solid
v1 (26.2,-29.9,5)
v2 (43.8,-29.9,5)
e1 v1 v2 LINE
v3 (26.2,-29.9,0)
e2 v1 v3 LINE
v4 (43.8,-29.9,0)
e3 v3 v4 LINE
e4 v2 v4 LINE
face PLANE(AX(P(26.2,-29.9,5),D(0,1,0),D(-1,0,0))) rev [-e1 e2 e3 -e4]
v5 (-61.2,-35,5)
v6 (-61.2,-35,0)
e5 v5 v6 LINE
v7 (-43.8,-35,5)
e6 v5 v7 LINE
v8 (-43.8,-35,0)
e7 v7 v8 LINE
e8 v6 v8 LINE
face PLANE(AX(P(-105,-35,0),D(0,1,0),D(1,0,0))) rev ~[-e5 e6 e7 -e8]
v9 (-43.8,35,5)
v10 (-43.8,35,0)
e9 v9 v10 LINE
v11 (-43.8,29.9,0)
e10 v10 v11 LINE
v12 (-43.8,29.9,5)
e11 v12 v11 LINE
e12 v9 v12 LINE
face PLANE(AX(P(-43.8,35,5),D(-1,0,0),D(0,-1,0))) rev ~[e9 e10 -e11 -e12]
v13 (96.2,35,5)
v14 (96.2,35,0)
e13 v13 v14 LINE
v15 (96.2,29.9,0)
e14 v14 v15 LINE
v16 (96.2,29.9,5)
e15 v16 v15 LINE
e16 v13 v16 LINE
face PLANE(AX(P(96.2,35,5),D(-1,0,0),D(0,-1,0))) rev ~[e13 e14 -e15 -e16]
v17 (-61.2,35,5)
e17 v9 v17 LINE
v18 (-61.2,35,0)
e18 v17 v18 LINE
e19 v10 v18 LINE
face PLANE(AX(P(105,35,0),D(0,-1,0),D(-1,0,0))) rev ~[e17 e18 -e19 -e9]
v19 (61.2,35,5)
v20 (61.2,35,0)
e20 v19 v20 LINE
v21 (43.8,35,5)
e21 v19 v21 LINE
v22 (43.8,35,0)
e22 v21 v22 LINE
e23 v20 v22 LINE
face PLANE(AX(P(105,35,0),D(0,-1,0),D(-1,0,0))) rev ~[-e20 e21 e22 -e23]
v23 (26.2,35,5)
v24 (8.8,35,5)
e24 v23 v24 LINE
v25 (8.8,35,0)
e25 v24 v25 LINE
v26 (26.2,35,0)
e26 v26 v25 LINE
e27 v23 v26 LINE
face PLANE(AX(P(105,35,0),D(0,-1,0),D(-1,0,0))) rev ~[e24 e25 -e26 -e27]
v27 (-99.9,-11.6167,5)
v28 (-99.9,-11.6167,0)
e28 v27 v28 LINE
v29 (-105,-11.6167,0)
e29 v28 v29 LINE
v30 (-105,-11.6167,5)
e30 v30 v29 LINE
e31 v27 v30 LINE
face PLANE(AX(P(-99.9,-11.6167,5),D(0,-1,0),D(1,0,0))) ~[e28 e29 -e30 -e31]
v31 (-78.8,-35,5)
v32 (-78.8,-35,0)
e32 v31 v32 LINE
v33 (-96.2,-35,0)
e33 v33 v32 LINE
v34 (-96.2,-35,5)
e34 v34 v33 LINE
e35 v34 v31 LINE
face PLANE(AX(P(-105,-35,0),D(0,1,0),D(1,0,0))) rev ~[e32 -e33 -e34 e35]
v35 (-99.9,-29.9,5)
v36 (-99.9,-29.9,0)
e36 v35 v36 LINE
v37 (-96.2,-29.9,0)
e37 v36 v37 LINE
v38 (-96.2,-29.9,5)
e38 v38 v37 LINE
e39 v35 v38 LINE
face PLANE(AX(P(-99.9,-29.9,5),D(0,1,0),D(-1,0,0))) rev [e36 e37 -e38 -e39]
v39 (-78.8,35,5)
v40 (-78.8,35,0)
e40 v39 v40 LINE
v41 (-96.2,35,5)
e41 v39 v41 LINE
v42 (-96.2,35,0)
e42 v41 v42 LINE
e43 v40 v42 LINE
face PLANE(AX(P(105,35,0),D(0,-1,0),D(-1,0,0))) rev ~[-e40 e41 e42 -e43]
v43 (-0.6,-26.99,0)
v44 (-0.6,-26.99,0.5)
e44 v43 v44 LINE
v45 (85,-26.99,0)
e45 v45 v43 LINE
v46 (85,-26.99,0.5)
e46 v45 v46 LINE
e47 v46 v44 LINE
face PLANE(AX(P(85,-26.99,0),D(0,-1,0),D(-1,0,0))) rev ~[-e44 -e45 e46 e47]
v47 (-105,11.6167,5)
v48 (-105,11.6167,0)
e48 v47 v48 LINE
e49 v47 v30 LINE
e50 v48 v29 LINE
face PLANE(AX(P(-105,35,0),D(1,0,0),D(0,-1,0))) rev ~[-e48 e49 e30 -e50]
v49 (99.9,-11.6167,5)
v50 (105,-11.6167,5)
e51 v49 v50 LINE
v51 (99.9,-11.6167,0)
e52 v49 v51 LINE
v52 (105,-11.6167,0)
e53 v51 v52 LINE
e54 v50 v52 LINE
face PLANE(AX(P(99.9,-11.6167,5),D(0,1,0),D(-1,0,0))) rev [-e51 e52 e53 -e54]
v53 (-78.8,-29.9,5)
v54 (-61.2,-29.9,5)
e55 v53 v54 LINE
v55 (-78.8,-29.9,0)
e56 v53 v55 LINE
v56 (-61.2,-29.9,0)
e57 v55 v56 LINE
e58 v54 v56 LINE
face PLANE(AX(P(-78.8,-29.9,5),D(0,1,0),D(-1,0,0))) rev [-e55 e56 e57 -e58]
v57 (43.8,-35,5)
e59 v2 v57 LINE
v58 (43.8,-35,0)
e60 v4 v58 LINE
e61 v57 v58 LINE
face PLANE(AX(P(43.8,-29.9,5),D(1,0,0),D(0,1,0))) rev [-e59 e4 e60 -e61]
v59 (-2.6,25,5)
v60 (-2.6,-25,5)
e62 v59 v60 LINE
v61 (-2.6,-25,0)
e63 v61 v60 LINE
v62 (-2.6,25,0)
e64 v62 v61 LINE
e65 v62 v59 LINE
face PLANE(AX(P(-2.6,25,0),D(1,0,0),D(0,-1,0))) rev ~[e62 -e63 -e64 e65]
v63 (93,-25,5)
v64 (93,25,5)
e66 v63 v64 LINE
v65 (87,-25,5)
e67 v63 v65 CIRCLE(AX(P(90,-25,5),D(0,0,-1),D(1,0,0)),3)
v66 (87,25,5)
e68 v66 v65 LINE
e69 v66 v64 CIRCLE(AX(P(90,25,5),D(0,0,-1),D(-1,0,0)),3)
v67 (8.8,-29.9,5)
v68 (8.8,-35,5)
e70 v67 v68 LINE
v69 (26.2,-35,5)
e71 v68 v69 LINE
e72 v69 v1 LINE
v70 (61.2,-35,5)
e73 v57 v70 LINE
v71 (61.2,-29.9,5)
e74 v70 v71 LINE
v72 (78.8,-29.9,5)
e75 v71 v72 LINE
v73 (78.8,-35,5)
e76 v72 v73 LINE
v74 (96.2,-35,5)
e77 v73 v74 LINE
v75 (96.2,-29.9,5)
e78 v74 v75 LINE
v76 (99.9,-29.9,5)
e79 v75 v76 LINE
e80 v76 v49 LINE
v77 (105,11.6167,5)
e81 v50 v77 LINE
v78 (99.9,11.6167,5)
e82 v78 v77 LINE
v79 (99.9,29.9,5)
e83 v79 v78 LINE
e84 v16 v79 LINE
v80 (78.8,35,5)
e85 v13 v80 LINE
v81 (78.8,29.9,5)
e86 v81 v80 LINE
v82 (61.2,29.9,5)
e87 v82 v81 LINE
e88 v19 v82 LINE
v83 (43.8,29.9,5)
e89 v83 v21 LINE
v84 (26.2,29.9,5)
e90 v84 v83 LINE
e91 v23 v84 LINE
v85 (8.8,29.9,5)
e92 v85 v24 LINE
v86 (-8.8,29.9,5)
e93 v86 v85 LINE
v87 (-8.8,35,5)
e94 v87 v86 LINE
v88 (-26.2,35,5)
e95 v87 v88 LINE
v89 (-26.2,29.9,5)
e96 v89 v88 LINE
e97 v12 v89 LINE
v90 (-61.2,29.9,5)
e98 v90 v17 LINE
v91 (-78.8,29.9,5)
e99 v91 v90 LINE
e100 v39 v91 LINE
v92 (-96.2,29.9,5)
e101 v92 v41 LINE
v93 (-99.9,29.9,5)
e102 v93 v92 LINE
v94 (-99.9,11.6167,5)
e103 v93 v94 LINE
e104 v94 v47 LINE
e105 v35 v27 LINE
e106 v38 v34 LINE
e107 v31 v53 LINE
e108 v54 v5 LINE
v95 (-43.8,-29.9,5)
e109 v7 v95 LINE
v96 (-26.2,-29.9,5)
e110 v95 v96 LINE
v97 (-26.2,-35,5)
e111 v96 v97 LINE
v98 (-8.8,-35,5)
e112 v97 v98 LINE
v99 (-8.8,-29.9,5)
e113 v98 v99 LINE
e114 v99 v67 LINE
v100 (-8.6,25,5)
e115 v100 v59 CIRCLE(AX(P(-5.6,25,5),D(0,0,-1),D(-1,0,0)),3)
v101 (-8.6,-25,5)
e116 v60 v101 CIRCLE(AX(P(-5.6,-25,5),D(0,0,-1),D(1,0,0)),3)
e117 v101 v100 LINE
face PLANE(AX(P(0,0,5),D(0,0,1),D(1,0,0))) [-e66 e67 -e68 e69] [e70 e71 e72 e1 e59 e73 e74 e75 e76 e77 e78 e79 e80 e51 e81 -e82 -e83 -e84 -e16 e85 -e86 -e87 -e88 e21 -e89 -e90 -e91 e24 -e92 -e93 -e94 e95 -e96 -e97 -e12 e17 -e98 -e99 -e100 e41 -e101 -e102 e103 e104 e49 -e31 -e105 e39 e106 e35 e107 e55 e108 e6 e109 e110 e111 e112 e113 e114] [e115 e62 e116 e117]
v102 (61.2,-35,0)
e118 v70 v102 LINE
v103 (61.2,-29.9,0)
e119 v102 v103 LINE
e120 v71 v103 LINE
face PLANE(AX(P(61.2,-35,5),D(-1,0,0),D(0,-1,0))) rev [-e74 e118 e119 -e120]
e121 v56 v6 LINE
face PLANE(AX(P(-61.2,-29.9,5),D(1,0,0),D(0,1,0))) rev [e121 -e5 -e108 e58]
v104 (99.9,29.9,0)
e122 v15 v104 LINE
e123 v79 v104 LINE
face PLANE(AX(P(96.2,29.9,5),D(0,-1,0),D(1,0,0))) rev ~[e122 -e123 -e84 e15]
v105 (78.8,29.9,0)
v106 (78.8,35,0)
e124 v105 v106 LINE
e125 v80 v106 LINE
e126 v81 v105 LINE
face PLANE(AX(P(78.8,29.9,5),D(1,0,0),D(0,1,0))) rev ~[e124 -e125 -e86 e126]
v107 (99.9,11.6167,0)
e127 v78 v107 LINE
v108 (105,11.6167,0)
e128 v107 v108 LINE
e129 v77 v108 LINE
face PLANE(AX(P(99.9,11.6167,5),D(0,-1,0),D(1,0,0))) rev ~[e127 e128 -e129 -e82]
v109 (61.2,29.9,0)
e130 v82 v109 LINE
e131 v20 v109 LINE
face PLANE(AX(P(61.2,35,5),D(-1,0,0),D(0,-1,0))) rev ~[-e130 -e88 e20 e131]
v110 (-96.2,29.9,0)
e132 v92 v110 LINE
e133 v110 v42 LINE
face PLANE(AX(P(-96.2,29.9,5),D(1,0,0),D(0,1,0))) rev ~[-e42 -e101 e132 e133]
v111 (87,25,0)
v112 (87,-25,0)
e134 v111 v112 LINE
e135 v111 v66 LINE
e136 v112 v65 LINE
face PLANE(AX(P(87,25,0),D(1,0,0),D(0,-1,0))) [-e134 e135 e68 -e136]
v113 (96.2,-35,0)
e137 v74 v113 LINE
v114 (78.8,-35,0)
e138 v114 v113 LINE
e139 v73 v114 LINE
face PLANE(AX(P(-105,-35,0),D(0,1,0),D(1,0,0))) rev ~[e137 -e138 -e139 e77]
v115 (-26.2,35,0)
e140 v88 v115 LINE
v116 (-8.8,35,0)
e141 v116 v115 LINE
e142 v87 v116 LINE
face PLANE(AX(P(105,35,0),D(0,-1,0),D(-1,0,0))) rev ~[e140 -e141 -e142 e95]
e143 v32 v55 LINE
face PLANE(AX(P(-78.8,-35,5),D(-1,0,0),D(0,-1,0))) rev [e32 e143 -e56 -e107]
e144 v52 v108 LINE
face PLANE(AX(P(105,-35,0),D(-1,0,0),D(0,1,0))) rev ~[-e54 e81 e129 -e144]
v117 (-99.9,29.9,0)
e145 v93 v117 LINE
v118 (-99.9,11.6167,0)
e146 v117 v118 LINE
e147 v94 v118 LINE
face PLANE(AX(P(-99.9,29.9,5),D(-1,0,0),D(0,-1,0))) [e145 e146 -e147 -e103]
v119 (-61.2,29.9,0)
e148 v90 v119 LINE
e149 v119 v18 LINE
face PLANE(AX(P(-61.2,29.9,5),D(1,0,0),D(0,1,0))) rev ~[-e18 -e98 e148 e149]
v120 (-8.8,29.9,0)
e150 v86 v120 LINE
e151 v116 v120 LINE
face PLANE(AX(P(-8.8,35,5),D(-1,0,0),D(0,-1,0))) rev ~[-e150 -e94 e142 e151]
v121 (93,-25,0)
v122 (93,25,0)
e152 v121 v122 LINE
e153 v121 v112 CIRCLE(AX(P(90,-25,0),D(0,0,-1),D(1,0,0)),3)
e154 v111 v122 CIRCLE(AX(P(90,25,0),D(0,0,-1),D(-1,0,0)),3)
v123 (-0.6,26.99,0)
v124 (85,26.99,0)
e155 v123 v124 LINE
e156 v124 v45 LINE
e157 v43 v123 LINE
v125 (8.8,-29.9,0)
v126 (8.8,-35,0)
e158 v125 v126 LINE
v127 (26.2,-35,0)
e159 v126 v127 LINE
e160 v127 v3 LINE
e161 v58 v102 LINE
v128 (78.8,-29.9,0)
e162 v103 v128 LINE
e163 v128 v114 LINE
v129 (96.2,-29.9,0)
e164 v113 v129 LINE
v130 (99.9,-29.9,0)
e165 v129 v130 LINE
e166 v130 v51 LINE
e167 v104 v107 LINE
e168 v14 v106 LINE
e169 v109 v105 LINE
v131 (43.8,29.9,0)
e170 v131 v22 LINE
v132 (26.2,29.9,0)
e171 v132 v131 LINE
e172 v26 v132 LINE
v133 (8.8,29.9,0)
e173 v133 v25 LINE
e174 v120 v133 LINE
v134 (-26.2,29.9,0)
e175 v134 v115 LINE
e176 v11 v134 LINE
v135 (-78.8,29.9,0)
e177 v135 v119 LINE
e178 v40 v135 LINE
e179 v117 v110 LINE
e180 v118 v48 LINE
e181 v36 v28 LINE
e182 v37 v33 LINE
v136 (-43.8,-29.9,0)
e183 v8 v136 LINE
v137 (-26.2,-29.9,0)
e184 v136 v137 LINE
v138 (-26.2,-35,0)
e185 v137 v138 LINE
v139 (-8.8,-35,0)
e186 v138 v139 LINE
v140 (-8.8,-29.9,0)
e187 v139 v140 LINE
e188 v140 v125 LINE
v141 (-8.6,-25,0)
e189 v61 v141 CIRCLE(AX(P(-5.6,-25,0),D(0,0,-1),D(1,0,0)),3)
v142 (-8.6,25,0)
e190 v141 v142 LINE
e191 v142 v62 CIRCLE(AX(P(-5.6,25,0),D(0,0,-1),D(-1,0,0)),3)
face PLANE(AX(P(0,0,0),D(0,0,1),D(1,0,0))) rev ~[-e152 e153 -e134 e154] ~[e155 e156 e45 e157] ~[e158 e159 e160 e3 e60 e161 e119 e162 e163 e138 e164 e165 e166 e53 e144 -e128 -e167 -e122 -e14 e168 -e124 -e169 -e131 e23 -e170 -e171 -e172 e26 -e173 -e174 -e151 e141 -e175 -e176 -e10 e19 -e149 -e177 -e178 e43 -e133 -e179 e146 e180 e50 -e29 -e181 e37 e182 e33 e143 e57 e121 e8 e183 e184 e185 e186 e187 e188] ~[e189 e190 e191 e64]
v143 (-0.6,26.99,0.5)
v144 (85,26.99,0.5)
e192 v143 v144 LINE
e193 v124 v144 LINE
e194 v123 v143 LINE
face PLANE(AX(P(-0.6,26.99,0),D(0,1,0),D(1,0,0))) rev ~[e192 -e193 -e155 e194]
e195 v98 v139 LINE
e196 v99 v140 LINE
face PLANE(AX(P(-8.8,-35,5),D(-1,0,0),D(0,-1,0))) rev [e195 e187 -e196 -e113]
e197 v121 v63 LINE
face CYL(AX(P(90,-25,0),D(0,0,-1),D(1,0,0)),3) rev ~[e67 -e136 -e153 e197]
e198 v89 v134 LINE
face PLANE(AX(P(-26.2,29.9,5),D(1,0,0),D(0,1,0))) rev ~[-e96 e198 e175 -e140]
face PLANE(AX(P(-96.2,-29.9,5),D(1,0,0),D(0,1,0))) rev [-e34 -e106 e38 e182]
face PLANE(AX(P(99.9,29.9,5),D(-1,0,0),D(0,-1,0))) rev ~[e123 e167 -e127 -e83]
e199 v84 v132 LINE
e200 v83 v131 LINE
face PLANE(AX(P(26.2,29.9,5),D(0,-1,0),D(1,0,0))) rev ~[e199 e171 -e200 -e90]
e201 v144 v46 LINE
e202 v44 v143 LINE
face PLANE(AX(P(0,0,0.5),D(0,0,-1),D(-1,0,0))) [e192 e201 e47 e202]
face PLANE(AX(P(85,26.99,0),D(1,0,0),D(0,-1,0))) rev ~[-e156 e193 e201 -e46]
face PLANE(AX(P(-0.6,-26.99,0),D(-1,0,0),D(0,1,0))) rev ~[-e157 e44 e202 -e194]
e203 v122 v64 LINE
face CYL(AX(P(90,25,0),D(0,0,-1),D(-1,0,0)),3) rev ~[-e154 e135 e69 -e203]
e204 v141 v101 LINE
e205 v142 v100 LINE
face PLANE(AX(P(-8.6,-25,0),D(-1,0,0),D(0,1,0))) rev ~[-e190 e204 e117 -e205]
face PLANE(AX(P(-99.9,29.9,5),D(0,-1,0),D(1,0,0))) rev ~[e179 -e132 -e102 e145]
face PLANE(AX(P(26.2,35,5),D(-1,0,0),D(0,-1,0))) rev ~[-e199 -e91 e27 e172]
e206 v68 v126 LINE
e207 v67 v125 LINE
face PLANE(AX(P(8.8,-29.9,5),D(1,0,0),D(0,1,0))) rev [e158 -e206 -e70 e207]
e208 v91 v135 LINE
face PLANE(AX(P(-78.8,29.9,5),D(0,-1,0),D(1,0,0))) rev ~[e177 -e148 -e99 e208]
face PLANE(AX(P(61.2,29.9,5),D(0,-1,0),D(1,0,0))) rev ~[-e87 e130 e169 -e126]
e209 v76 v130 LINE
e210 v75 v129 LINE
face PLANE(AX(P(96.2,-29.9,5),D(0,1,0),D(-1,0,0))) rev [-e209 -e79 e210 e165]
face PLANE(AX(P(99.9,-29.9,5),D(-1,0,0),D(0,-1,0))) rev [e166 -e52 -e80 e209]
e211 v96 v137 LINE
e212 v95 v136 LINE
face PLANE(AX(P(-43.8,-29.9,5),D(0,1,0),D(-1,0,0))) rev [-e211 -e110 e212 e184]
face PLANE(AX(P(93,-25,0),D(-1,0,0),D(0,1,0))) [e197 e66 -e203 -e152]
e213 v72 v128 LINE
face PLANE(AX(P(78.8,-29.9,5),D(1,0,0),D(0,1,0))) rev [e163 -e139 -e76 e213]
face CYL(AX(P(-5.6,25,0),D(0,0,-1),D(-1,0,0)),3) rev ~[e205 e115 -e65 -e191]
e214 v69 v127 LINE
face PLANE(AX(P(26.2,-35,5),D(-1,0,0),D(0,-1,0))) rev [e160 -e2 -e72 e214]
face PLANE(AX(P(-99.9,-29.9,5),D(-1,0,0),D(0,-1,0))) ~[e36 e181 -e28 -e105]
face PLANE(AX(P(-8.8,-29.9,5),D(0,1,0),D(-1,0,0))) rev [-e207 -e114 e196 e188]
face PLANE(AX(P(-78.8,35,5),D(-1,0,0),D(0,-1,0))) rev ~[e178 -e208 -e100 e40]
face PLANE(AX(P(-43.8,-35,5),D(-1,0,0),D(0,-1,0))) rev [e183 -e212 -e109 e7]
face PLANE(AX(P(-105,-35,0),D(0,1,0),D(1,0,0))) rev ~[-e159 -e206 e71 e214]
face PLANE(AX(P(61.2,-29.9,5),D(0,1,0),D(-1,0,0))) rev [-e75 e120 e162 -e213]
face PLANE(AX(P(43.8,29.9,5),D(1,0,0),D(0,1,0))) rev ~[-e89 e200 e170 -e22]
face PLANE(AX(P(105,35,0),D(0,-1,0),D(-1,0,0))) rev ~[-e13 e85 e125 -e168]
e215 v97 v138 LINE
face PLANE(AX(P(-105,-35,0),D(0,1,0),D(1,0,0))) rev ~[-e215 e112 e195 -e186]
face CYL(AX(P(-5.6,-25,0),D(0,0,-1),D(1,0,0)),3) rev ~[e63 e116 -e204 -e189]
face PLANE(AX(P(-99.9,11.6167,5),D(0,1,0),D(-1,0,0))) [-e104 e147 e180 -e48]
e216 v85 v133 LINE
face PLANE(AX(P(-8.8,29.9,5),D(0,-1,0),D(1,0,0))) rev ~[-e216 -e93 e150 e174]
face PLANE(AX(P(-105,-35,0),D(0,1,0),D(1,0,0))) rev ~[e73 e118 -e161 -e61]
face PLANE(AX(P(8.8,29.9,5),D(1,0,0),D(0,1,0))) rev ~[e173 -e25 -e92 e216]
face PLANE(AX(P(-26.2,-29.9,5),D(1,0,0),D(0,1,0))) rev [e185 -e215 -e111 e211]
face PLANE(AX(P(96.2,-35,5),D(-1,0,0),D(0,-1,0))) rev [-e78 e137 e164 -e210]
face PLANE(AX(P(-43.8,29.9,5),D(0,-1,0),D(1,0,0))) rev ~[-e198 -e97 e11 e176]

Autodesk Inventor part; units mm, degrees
ref_plane "YZ Plane" through (0, 0, 0) normal (1, 0, 0) x (0, 1, 0)
ref_plane "XZ Plane" through (0, 0, 0) normal (0, 1, 0) x (-1, 0, 0)
ref_plane "XY Plane" through (0, 0, 0) normal (0, 0, 1) x (1, 0, 0)
sketch "Sketch1" plane through (0, 0, 0) normal (0, 0, 1) x (1, 0, 0)
  line L0 (-105, -35) -> (105, -35)
  line L1 (105, -35) -> (105, 35)
  line L2 (105, 35) -> (-105, 35)
  line L3 (-105, 35) -> (-105, -35)
  line L4 (-105, -35) -> (105, 35) construction
  line L5 (105, -35) -> (-105, 35) construction
  point P0 (0, 0)
  dimension "d0" = 210
  dimension "d1" = 70
extrude "Extrusion1" add sketch "Sketch1" along normal blind 5
sketch "Sketch2" plane through (0, 0, 5) normal (0, 0, 1) x (1, 0, 0)
  line L0 (105, 35) -> (-105, 35) projected
  line L1 (-8.8, 35) -> (-8.8, 29.9)
  line L2 (-8.8, 29.9) -> (8.8, 29.9)
  line L3 (8.8, 29.9) -> (8.8, 35)
  line L4 (-43.8, 35) -> (-43.8, 29.9)
  line L5 (-43.8, 29.9) -> (-26.2, 29.9)
  line L6 (-26.2, 29.9) -> (-26.2, 35)
  line L7 (-78.8, 35) -> (-78.8, 29.9)
  line L8 (-78.8, 29.9) -> (-61.2, 29.9)
  line L9 (-61.2, 29.9) -> (-61.2, 35)
  line L10 (-113.8, 35) -> (-113.8, 29.9)
  line L11 (-113.8, 29.9) -> (-96.2, 29.9)
  line L12 (-96.2, 29.9) -> (-96.2, 35)
  line L13 (43.8, 29.9) -> (43.8, 35)
  line L14 (26.2, 29.9) -> (43.8, 29.9)
  line L15 (26.2, 35) -> (26.2, 29.9)
  line L16 (78.8, 29.9) -> (78.8, 35)
  line L17 (61.2, 29.9) -> (78.8, 29.9)
  line L18 (61.2, 35) -> (61.2, 29.9)
  line L19 (113.8, 29.9) -> (113.8, 35)
  line L20 (96.2, 29.9) -> (113.8, 29.9)
  line L21 (96.2, 35) -> (96.2, 29.9)
  line L22 (105, -35) -> (105, 35) projected
  line L23 (105, 35) -> (-105, 35) projected
  line L24 (-105, 35) -> (-105, -35) projected
  line L25 (-105, -35) -> (105, -35) projected
  line L26 (-99.9, 29.9) -> (-99.9, 11.6167)
  line L27 (-99.9, 11.6167) -> (-105, 11.6167)
  line L28 (99.9, 29.9) -> (99.9, 11.6167)
  line L29 (99.9, 11.6167) -> (105, 11.6167)
  point P0 (0, 0)
  point P1 (0, 35)
  point P2 (0, 29.9)
  point P3 (-8.8, 32.45)
  point P4 (8.8, 32.45)
  point P5 (-43.8, 32.45)
  point P6 (-35, 29.9)
  point P7 (-26.2, 32.45)
  point P8 (-35, 35)
  point P9 (-78.8, 32.45)
  point P10 (-70, 29.9)
  point P11 (-61.2, 32.45)
  point P12 (-70, 35)
  point P13 (-113.8, 32.45)
  point P14 (-105, 29.9)
  point P15 (-96.2, 32.45)
  point P16 (-105, 35)
  point P17 (26.2, 32.45)
  point P18 (35, 35)
  point P19 (35, 29.9)
  point P20 (43.8, 32.45)
  point P21 (61.2, 32.45)
  point P22 (70, 35)
  point P23 (70, 29.9)
  point P24 (78.8, 32.45)
  point P25 (96.2, 32.45)
  point P26 (105, 35)
  point P27 (105, 29.9)
  point P28 (113.8, 32.45)
  point P29 (105, 29.9)
  point P30 (-105, 35)
  point P31 (-105, 29.9)
  point P32 (-102.45, 11.6167)
  dimension "d4" = 5.1
  dimension "d5" = 17.6
  dimension "d6" = 210
  dimension "d24" = 35
  dimension "d31" = 35
  dimension "d36" = 70
  dimension "d37" = 23.3833
extrude "Extrusion2" cut sketch "Sketch2" against normal blind 5 contours L22 L20 L21 L0 | L22 L29 L28 L20 | L16 L17 L18 L0 | L13 L14 L15 L0 | L24 L11 L26 L27 | L3 L2 L1 L0 | L24 L0 L12 L11 | L6 L5 L4 L0 | L0 L9 L8 L7
sketch "Sketch4" plane through (0, 0, 0) normal (0, 0, -1) x (-1, 0, 0)
  line L0 (-85, -26.99) -> (0.6, -26.99)
  line L1 (0.6, -26.99) -> (0.6, 26.99)
  line L2 (0.6, 26.99) -> (-85, 26.99)
  line L3 (-85, 26.99) -> (-85, -26.99)
  line L4 (-85, -26.99) -> (0.6, 26.99) construction
  line L5 (0.6, -26.99) -> (-85, 26.99) construction
  line L6 (-105, -35) -> (-105, 35) projected
  line L7 (-85, 26.99) -> (0.0055, 26.99) construction
  line L8 (0.0055, 26.99) -> (0.0055, -27.0274) construction
  line L9 (0.0055, -27.0274) -> (-85, -27.0274) construction
  line L10 (-85, -27.0274) -> (-85, 26.99) construction
  point P0 (0, 0)
  point P1 (-42.2, 0)
  point P2 (-105, 29.9)
  dimension "d16" = 53.98
  dimension "d17" = 85.6
  dimension "d18" = 20
extrude "Extrusion4" cut sketch "Sketch4" against normal blind 0.5
sketch "Sketch3" plane through (0, 0, 0) normal (0, 0, -1) x (-1, 0, 0)
  line L0 (8.6, 25) -> (2.6, 25) construction
  line L1 (2.6, 25) -> (2.6, -25)
  line L2 (2.6, -25) -> (8.6, -25) construction
  line L3 (8.6, -25) -> (8.6, 25)
  line L4 (8.6, 25) -> (2.6, -25) construction
  line L5 (2.6, 25) -> (8.6, -25) construction
  arc A0 (2.6, -25) -> (8.6, -25) centre (5.6, -25) ccw
  arc A1 (8.6, 25) -> (2.6, 25) centre (5.6, 25) ccw
  line L6 (0.6, 26.99) -> (0.6, -26.99) projected
  line L7 (-85, 26.99) -> (0.6, 26.99) projected
  line L8 (-42.2, 26.99) -> (-42.2, -26.99)
  line L9 (0.6, -26.99) -> (-85, -26.99) projected
  line L10 (-93, 25) -> (-87, 25) construction
  line L11 (-87, 25) -> (-87, -25)
  line L12 (-87, -25) -> (-93, -25) construction
  line L13 (-93, -25) -> (-93, 25)
  line L14 (-93, 25) -> (-87, -25) construction
  line L15 (-87, 25) -> (-93, -25) construction
  arc A2 (-93, -25) -> (-87, -25) centre (-90, -25) ccw
  arc A3 (-87, 25) -> (-93, 25) centre (-90, 25) ccw
  point P0 (0, 0)
  point P1 (5.6, 0)
  point P2 (-90, 0)
  dimension "d12" = 6
  dimension "d13" = 50
  dimension "d21" = 5
extrude "Extrusion3" cut sketch "Sketch3" against normal blind 5 contours A1 L3 A0 L1 | L11 A2 L13 A3
mirror "Mirror2" about plane through (0, 0, 0) normal (0, 1, 0) of "Extrusion2"
sketch "Sketch5" plane through (0, 0, 0.5) normal (0, 0, -1) x (-1, 0, 0)
  line L0 (-85, 26.99) -> (0.0055, 26.99) construction
  line L1 (0.0055, 26.99) -> (0.0055, -27.0274) construction
  line L2 (0.0055, -27.0274) -> (-85, -27.0274) construction
  line L3 (-85, -27.0274) -> (-85, 26.99) construction
  point P0 (0, 0)
equation "\"d24\" = 0.166667 * d6"
equation "\"d31\" = 0.166667 * d6"
properties part number "FloorPlate" material "MDF Medium Density Fiberboard"
